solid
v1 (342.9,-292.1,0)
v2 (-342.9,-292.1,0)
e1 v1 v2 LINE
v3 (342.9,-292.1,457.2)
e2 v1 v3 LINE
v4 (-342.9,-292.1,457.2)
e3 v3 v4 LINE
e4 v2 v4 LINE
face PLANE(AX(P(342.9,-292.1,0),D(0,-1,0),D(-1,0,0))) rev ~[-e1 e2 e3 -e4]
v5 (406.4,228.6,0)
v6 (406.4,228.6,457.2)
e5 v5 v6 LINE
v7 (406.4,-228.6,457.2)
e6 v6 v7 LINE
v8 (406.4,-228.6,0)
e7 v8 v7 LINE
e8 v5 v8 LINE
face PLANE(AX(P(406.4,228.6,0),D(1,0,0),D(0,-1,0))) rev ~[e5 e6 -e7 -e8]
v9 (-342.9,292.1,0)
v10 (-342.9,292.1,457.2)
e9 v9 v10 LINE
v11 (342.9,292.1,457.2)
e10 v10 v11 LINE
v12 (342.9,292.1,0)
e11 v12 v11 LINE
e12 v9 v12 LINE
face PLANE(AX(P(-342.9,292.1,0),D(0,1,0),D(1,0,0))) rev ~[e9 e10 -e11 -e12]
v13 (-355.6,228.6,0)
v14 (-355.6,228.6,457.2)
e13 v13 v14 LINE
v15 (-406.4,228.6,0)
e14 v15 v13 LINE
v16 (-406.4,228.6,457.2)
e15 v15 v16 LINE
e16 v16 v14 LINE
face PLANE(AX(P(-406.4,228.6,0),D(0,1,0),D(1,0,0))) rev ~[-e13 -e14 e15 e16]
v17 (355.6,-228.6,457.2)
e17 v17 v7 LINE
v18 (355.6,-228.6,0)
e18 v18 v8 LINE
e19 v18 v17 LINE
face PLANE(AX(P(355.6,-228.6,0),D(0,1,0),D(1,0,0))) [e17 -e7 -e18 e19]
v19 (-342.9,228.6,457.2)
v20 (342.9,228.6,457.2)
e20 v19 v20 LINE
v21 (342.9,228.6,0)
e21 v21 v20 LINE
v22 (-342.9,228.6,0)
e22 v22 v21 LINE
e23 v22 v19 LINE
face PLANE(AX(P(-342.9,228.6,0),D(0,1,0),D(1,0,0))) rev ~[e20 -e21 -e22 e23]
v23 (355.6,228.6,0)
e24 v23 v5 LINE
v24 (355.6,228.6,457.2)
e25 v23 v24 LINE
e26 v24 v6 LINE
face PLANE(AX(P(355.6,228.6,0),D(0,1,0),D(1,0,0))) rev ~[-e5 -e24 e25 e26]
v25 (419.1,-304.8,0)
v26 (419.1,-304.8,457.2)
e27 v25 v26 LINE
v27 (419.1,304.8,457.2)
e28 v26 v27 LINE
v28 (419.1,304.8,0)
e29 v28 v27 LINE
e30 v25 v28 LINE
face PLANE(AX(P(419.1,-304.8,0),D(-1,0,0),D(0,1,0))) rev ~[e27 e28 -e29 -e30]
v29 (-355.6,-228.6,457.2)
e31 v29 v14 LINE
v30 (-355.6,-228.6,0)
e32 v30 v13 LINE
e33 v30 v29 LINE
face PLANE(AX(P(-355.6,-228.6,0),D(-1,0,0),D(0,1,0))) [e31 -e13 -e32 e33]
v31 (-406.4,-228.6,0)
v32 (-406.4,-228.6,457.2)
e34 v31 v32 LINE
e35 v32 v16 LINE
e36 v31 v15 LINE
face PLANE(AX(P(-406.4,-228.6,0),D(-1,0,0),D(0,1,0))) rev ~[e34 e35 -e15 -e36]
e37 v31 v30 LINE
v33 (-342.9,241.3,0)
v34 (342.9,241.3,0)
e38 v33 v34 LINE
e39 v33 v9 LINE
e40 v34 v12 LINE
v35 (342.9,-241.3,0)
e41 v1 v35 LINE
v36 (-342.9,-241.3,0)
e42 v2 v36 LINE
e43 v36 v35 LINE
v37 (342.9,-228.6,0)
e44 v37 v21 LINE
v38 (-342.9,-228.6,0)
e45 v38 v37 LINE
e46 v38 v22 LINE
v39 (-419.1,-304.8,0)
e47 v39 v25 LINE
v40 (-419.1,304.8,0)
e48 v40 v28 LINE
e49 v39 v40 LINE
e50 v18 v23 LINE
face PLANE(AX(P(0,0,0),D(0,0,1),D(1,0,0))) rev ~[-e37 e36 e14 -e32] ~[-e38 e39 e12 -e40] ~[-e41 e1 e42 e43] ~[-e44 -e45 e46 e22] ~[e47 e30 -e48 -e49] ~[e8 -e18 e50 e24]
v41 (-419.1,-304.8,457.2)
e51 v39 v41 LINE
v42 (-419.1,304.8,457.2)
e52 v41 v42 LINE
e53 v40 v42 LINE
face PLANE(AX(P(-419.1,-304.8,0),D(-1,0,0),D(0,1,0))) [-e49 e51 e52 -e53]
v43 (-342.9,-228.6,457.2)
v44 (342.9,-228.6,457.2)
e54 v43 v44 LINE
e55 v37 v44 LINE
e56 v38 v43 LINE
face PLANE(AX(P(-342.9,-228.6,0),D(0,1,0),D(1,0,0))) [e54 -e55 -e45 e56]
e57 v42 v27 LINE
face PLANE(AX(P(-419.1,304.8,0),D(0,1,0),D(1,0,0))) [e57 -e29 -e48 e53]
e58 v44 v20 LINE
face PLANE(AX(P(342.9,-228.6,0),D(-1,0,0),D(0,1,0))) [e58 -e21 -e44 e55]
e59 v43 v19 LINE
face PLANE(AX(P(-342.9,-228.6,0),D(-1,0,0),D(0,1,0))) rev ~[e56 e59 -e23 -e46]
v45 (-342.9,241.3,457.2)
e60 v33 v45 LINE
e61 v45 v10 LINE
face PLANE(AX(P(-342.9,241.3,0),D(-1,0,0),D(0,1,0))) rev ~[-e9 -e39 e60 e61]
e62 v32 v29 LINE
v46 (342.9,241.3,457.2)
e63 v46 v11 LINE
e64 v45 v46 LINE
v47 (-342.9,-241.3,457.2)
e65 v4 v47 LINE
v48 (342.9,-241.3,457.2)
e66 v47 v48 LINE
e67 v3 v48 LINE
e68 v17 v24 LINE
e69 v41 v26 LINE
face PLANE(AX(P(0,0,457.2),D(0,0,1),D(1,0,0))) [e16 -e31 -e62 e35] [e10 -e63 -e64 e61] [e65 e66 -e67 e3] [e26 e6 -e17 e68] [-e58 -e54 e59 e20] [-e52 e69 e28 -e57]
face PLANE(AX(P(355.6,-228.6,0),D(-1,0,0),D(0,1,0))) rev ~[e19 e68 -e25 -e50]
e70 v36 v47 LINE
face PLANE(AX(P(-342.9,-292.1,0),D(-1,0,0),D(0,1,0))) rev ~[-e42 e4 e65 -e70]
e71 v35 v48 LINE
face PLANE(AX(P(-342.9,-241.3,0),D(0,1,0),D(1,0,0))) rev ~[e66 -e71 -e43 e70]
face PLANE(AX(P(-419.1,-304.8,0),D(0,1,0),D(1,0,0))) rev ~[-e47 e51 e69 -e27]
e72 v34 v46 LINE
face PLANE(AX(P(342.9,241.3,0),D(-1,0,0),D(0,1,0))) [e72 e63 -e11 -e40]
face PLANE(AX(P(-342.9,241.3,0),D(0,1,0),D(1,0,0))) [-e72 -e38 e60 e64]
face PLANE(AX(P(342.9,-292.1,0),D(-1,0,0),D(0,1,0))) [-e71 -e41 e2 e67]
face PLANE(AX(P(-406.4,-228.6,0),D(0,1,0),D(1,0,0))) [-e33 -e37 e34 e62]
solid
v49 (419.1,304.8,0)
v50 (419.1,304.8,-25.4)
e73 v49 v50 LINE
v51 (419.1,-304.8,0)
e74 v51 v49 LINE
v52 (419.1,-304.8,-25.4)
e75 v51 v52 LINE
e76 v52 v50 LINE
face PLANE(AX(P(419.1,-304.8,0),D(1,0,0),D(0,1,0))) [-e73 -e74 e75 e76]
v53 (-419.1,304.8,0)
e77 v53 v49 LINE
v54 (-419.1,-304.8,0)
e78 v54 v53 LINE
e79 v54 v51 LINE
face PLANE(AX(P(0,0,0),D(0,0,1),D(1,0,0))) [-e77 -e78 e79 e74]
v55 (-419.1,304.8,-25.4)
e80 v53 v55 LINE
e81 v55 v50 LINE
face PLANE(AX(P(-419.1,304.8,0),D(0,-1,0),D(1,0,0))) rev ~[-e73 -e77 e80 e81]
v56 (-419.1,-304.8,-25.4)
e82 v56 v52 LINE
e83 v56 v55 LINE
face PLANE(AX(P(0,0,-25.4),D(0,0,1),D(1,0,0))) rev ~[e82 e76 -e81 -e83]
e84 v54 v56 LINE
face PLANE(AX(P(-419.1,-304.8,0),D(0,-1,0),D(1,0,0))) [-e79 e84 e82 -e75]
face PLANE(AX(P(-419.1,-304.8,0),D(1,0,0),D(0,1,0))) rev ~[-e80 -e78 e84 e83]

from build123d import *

# Parameters (mm, degrees)
F0_W     = 838.2
F0_H     = 609.6
F0_W_2   = 685.8
F0_H_2   = 12.7
F0_W_3   = 12.7
F0_H_3   = 457.2
F0_W_4   = 50.8
F0_H_4   = 50.8
F1_DEPTH = 457.2
F2_DEPTH = 25.4


with BuildPart() as f1:
    # F0 (on Top) → F1 (new body)
    with BuildSketch(Plane.XY):
        Rectangle(F0_W, F0_H)
        Polygon((406.4, -228.6), (406.4, -241.3), (406.4, -292.1), (355.6, -292.1), (342.9, -292.1), (-342.9, -292.1), (-355.6, -292.1), (-406.4, -292.1), (-406.4, -241.3), (-406.4, -228.6), (-406.4, 228.6), (-406.4, 241.3), (-406.4, 292.1), (-355.6, 292.1), (-342.9, 292.1), (342.9, 292.1), (355.6, 292.1), (406.4, 292.1), (406.4, 241.3), (406.4, 228.6), align=None, mode=Mode.SUBTRACT)
        with Locations((0, -234.95)):
            Rectangle(F0_W_2, F0_H_2)
        with Locations((0, 234.95)):
            Rectangle(F0_W_2, F0_H_2)
        with Locations((-349.25, 0)):
            Rectangle(F0_W_3, F0_H_3)
        with Locations((349.25, 0)):
            Rectangle(F0_W_3, F0_H_3)
        with Locations((-381, 266.7)):
            Rectangle(F0_W_4, F0_H_4)
        with Locations((381, 266.7)):
            Rectangle(F0_W_4, F0_H_4)
        with Locations((381, -266.7)):
            Rectangle(F0_W_4, F0_H_4)
        with Locations((-381, -266.7)):
            Rectangle(F0_W_4, F0_H_4)
        with Locations((-381, 234.95)):
            Rectangle(F0_W_4, F0_H_2)
        with Locations((-349.25, 266.7)):
            Rectangle(F0_W_3, F0_H_4)
        with Locations((349.25, 266.7)):
            Rectangle(F0_W_3, F0_H_4)
        with Locations((381, 234.95)):
            Rectangle(F0_W_4, F0_H_2)
        with Locations((349.25, -266.7)):
            Rectangle(F0_W_3, F0_H_4)
        with Locations((381, -234.95)):
            Rectangle(F0_W_4, F0_H_2)
        with Locations((-381, -234.95)):
            Rectangle(F0_W_4, F0_H_2)
        with Locations((-349.25, -266.7)):
            Rectangle(F0_W_3, F0_H_4)
        with Locations((349.25, -234.95)):
            Rectangle(F0_W_3, F0_H_2)
        with Locations((-349.25, -234.95)):
            Rectangle(F0_W_3, F0_H_2)
        with Locations((-349.25, 234.95)):
            Rectangle(F0_W_3, F0_H_2)
        with Locations((349.25, 234.95)):
            Rectangle(F0_W_3, F0_H_2)
    extrude(amount=F1_DEPTH)


with BuildPart() as f2:
    # F0 (on Top) → F2 (new body)
    with BuildSketch(Plane.XY):
        Rectangle(F0_W, F0_H)
        Polygon((406.4, -228.6), (406.4, -241.3), (406.4, -292.1), (355.6, -292.1), (342.9, -292.1), (-342.9, -292.1), (-355.6, -292.1), (-406.4, -292.1), (-406.4, -241.3), (-406.4, -228.6), (-406.4, 228.6), (-406.4, 241.3), (-406.4, 292.1), (-355.6, 292.1), (-342.9, 292.1), (342.9, 292.1), (355.6, 292.1), (406.4, 292.1), (406.4, 241.3), (406.4, 228.6), align=None, mode=Mode.SUBTRACT)
        Rectangle(F0_W_2, F0_H_3)
        with Locations((0, 266.7)):
            Rectangle(F0_W_2, F0_H_4)
        with Locations((0, -266.7)):
            Rectangle(F0_W_2, F0_H_4)
        with Locations((381, 0)):
            Rectangle(F0_W_4, F0_H_3)
        with Locations((-381, 0)):
            Rectangle(F0_W_4, F0_H_3)
        with Locations((0, -234.95)):
            Rectangle(F0_W_2, F0_H_2)
        with Locations((0, 234.95)):
            Rectangle(F0_W_2, F0_H_2)
        with Locations((-349.25, 0)):
            Rectangle(F0_W_3, F0_H_3)
        with Locations((349.25, 0)):
            Rectangle(F0_W_3, F0_H_3)
        with Locations((-381, 266.7)):
            Rectangle(F0_W_4, F0_H_4)
        with Locations((381, -266.7)):
            Rectangle(F0_W_4, F0_H_4)
        with Locations((381, 266.7)):
            Rectangle(F0_W_4, F0_H_4)
        with Locations((-381, -266.7)):
            Rectangle(F0_W_4, F0_H_4)
        with Locations((-381, 234.95)):
            Rectangle(F0_W_4, F0_H_2)
        with Locations((381, 234.95)):
            Rectangle(F0_W_4, F0_H_2)
        with Locations((-381, -234.95)):
            Rectangle(F0_W_4, F0_H_2)
        with Locations((-349.25, 266.7)):
            Rectangle(F0_W_3, F0_H_4)
        with Locations((381, -234.95)):
            Rectangle(F0_W_4, F0_H_2)
        with Locations((349.25, -266.7)):
            Rectangle(F0_W_3, F0_H_4)
        with Locations((-349.25, -266.7)):
            Rectangle(F0_W_3, F0_H_4)
        with Locations((349.25, 266.7)):
            Rectangle(F0_W_3, F0_H_4)
        with Locations((-349.25, -234.95)):
            Rectangle(F0_W_3, F0_H_2)
        with Locations((349.25, 234.95)):
            Rectangle(F0_W_3, F0_H_2)
        with Locations((-349.25, 234.95)):
            Rectangle(F0_W_3, F0_H_2)
        with Locations((349.25, -234.95)):
            Rectangle(F0_W_3, F0_H_2)
    extrude(amount=-F2_DEPTH)


solid = Compound([f1.part, f2.part])
